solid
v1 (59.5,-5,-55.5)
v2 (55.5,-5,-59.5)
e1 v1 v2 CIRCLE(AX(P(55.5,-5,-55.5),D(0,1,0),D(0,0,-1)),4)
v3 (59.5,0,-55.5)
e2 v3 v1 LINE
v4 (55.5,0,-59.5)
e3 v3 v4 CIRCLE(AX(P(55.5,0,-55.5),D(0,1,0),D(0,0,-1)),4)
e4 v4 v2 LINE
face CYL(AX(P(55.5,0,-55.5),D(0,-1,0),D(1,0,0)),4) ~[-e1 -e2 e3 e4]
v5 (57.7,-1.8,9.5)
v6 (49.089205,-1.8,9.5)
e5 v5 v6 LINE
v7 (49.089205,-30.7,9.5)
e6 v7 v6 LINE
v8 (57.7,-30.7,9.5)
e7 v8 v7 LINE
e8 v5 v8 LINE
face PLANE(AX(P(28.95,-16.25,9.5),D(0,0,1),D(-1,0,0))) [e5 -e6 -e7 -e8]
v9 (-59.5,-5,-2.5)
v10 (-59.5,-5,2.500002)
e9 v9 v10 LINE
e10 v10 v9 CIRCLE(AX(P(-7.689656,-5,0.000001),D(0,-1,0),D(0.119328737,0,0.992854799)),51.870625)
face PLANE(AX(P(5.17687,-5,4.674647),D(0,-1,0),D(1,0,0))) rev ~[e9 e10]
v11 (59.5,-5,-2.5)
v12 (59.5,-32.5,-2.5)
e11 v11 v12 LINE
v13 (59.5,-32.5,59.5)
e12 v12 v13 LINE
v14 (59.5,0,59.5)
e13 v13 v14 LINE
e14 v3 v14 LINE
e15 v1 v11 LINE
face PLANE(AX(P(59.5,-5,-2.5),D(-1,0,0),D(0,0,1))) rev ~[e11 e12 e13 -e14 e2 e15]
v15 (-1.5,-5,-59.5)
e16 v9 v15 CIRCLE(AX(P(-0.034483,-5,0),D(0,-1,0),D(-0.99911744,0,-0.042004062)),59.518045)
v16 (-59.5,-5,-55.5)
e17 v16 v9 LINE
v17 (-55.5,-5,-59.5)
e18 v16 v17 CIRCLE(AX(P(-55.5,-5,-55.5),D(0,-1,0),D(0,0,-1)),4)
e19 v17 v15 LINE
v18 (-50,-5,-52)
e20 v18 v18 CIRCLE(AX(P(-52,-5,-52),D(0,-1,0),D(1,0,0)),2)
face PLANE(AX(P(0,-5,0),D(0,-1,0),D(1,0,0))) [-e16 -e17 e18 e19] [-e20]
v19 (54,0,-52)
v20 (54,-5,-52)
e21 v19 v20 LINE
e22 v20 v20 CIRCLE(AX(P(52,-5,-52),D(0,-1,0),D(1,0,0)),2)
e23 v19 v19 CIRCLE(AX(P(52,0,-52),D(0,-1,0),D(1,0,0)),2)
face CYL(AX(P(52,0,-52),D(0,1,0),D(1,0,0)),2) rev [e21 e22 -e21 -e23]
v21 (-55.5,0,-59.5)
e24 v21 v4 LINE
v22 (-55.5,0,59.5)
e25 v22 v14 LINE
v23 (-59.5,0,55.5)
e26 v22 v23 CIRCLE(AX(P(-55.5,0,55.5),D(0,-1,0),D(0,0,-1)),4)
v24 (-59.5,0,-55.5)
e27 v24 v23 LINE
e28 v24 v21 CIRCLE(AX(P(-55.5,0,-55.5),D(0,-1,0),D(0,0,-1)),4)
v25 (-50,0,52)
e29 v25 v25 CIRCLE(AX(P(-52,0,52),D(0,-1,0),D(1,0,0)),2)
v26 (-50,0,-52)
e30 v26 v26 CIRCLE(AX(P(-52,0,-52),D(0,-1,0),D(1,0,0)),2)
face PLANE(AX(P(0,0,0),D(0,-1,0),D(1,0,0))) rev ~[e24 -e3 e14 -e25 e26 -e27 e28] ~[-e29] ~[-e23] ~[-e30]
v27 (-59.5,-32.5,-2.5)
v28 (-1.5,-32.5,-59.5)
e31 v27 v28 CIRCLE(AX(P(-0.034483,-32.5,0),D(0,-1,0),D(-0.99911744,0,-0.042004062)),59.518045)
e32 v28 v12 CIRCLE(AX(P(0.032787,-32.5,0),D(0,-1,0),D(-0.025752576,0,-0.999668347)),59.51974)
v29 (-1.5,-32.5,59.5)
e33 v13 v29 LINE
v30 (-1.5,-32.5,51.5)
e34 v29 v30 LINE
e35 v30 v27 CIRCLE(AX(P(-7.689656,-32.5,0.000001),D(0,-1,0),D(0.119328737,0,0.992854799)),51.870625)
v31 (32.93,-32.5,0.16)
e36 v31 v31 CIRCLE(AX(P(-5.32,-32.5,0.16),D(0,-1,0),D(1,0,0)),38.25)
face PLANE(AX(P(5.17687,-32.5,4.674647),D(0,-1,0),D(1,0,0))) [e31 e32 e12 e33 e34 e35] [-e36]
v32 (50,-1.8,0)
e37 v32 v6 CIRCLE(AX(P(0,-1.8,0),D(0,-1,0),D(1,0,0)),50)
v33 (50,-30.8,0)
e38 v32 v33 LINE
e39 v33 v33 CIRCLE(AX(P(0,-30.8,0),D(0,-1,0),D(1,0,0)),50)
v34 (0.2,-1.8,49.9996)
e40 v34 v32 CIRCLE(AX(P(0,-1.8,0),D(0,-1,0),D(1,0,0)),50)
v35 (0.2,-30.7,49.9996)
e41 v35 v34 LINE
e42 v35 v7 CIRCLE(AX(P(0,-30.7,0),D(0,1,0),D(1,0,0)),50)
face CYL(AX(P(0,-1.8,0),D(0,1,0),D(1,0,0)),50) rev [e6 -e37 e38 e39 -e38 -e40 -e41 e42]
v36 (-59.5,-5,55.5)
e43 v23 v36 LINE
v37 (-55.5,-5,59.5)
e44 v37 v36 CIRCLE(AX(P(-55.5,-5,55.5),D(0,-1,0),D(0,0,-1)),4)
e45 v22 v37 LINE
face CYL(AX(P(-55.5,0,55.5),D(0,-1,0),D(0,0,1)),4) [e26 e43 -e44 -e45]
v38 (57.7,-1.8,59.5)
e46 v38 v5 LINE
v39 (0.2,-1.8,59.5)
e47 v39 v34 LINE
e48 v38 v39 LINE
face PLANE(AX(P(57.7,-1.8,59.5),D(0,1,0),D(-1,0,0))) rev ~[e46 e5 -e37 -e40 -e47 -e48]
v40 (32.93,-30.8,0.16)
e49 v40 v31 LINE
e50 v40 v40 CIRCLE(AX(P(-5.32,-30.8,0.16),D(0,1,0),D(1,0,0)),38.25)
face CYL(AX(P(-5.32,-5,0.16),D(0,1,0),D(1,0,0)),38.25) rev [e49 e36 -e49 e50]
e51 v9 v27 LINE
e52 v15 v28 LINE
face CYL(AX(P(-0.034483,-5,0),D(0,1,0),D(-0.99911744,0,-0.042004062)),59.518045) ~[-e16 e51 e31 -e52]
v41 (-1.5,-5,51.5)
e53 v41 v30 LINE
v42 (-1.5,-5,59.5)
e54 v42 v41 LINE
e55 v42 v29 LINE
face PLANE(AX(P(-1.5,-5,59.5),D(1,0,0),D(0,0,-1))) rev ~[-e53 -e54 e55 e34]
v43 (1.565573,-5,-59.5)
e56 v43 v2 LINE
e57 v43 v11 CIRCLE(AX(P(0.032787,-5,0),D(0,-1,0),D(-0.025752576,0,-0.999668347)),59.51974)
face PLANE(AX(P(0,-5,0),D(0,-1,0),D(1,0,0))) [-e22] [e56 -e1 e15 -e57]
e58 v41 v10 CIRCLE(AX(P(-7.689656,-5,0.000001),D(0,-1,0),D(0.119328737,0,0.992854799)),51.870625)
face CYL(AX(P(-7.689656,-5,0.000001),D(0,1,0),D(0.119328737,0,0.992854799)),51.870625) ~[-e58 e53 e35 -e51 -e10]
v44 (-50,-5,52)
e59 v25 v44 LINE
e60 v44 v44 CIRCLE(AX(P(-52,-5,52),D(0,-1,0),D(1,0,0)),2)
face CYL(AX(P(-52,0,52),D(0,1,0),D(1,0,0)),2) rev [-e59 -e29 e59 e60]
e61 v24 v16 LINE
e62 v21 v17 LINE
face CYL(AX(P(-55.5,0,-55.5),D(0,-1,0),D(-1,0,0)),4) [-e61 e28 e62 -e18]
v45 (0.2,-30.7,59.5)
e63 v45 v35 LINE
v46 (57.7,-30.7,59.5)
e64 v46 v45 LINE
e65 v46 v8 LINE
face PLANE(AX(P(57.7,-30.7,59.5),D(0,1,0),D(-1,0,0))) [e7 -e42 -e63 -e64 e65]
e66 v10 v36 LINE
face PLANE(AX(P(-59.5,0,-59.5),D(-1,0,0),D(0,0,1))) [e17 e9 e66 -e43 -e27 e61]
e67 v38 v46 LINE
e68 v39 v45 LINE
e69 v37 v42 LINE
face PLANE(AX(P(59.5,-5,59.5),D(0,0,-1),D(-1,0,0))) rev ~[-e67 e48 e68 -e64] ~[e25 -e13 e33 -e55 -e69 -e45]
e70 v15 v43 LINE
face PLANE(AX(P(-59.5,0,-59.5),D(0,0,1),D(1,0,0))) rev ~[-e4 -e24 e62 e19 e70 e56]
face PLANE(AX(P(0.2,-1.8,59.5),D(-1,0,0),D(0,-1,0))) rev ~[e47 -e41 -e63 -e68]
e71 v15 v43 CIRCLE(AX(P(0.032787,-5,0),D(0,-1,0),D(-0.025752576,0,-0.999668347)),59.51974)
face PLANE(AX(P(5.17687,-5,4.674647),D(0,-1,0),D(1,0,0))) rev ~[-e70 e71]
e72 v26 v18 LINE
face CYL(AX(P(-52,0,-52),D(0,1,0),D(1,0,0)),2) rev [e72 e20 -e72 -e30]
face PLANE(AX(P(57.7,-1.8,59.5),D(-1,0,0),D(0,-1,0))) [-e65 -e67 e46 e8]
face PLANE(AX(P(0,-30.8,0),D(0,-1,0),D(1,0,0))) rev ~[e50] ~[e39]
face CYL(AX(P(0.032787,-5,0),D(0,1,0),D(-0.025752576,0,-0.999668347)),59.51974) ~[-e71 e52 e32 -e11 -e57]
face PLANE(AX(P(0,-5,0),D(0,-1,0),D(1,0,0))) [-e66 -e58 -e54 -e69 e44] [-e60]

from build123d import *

# Parameters (mm, degrees)
SKETCH_W        = 119
SKETCH_H        = 119
SKETCH_R        = 2
PAD_DEPTH       = 5
SKETCH001_R     = 38.25
PAD001_DEPTH    = 27.5
SKETCH002_W     = 57.5
SKETCH002_H     = 28.9
POCKET_DEPTH    = 50
SKETCH003_R     = 50
POCKET001_DEPTH = 29
FILLET_R        = 4


with BuildPart() as part:
    # Sketch → Pad (new body)
    with BuildSketch(Plane.XZ):
        Rectangle(SKETCH_W, SKETCH_H)
        with Locations((-52, 52)):
            Circle(SKETCH_R, mode=Mode.SUBTRACT)
        with Locations((52, -52)):
            Circle(SKETCH_R, mode=Mode.SUBTRACT)
        with Locations((-52, -52)):
            Circle(SKETCH_R, mode=Mode.SUBTRACT)
    extrude(amount=PAD_DEPTH)

    # Sketch001 (on Face9 of Pad) → Pad001 (join)
    with BuildSketch(Plane.XZ.offset(5)):
        with BuildLine():
            Line((59.5, 59.5), (-1.5, 59.5))
            Line((-1.5, 59.5), (-1.5, 51.5))
            ThreePointArc((-1.5, 51.5), (-43.035261, 37.963799), (-59.5, -2.5))
            ThreePointArc((-59.5, -2.5), (-41.752557, -42.449971), (-1.5, -59.5))
            ThreePointArc((-1.5, -59.5), (40.669586, -43.488504), (59.5, -2.5))
            Line((59.5, -2.5), (59.5, 59.5))
        make_face()
        with Locations((-5.32, 0.16)):
            Circle(SKETCH001_R, mode=Mode.SUBTRACT)
    extrude(amount=PAD001_DEPTH)

    # Sketch002 (on Face10 of Pad001) → Pocket (cut)
    with BuildSketch(Plane(origin=(0, 0, 59.5), x_dir=(-1, 0, 0), z_dir=(0, 0, 1))):
        with Locations((-28.95, 16.25)):
            Rectangle(SKETCH002_W, SKETCH002_H)
    extrude(amount=-POCKET_DEPTH, mode=Mode.SUBTRACT)

    # Sketch003 (on Face13 of Pocket) → Pocket001 (cut)
    with BuildSketch(Plane.XZ.offset(1.8)):
        Circle(SKETCH003_R)
    extrude(amount=POCKET001_DEPTH, mode=Mode.SUBTRACT)

    # Fillet
    fillet_edges = [part.edges().sort_by_distance(p)[0] for p in [
        (-59.5, -2.5, 59.5),
        (-59.5, -2.5, -59.5),
        (59.5, -2.5, -59.5),
    ]]
    fillet(fillet_edges, radius=FILLET_R)


solid = part.part
